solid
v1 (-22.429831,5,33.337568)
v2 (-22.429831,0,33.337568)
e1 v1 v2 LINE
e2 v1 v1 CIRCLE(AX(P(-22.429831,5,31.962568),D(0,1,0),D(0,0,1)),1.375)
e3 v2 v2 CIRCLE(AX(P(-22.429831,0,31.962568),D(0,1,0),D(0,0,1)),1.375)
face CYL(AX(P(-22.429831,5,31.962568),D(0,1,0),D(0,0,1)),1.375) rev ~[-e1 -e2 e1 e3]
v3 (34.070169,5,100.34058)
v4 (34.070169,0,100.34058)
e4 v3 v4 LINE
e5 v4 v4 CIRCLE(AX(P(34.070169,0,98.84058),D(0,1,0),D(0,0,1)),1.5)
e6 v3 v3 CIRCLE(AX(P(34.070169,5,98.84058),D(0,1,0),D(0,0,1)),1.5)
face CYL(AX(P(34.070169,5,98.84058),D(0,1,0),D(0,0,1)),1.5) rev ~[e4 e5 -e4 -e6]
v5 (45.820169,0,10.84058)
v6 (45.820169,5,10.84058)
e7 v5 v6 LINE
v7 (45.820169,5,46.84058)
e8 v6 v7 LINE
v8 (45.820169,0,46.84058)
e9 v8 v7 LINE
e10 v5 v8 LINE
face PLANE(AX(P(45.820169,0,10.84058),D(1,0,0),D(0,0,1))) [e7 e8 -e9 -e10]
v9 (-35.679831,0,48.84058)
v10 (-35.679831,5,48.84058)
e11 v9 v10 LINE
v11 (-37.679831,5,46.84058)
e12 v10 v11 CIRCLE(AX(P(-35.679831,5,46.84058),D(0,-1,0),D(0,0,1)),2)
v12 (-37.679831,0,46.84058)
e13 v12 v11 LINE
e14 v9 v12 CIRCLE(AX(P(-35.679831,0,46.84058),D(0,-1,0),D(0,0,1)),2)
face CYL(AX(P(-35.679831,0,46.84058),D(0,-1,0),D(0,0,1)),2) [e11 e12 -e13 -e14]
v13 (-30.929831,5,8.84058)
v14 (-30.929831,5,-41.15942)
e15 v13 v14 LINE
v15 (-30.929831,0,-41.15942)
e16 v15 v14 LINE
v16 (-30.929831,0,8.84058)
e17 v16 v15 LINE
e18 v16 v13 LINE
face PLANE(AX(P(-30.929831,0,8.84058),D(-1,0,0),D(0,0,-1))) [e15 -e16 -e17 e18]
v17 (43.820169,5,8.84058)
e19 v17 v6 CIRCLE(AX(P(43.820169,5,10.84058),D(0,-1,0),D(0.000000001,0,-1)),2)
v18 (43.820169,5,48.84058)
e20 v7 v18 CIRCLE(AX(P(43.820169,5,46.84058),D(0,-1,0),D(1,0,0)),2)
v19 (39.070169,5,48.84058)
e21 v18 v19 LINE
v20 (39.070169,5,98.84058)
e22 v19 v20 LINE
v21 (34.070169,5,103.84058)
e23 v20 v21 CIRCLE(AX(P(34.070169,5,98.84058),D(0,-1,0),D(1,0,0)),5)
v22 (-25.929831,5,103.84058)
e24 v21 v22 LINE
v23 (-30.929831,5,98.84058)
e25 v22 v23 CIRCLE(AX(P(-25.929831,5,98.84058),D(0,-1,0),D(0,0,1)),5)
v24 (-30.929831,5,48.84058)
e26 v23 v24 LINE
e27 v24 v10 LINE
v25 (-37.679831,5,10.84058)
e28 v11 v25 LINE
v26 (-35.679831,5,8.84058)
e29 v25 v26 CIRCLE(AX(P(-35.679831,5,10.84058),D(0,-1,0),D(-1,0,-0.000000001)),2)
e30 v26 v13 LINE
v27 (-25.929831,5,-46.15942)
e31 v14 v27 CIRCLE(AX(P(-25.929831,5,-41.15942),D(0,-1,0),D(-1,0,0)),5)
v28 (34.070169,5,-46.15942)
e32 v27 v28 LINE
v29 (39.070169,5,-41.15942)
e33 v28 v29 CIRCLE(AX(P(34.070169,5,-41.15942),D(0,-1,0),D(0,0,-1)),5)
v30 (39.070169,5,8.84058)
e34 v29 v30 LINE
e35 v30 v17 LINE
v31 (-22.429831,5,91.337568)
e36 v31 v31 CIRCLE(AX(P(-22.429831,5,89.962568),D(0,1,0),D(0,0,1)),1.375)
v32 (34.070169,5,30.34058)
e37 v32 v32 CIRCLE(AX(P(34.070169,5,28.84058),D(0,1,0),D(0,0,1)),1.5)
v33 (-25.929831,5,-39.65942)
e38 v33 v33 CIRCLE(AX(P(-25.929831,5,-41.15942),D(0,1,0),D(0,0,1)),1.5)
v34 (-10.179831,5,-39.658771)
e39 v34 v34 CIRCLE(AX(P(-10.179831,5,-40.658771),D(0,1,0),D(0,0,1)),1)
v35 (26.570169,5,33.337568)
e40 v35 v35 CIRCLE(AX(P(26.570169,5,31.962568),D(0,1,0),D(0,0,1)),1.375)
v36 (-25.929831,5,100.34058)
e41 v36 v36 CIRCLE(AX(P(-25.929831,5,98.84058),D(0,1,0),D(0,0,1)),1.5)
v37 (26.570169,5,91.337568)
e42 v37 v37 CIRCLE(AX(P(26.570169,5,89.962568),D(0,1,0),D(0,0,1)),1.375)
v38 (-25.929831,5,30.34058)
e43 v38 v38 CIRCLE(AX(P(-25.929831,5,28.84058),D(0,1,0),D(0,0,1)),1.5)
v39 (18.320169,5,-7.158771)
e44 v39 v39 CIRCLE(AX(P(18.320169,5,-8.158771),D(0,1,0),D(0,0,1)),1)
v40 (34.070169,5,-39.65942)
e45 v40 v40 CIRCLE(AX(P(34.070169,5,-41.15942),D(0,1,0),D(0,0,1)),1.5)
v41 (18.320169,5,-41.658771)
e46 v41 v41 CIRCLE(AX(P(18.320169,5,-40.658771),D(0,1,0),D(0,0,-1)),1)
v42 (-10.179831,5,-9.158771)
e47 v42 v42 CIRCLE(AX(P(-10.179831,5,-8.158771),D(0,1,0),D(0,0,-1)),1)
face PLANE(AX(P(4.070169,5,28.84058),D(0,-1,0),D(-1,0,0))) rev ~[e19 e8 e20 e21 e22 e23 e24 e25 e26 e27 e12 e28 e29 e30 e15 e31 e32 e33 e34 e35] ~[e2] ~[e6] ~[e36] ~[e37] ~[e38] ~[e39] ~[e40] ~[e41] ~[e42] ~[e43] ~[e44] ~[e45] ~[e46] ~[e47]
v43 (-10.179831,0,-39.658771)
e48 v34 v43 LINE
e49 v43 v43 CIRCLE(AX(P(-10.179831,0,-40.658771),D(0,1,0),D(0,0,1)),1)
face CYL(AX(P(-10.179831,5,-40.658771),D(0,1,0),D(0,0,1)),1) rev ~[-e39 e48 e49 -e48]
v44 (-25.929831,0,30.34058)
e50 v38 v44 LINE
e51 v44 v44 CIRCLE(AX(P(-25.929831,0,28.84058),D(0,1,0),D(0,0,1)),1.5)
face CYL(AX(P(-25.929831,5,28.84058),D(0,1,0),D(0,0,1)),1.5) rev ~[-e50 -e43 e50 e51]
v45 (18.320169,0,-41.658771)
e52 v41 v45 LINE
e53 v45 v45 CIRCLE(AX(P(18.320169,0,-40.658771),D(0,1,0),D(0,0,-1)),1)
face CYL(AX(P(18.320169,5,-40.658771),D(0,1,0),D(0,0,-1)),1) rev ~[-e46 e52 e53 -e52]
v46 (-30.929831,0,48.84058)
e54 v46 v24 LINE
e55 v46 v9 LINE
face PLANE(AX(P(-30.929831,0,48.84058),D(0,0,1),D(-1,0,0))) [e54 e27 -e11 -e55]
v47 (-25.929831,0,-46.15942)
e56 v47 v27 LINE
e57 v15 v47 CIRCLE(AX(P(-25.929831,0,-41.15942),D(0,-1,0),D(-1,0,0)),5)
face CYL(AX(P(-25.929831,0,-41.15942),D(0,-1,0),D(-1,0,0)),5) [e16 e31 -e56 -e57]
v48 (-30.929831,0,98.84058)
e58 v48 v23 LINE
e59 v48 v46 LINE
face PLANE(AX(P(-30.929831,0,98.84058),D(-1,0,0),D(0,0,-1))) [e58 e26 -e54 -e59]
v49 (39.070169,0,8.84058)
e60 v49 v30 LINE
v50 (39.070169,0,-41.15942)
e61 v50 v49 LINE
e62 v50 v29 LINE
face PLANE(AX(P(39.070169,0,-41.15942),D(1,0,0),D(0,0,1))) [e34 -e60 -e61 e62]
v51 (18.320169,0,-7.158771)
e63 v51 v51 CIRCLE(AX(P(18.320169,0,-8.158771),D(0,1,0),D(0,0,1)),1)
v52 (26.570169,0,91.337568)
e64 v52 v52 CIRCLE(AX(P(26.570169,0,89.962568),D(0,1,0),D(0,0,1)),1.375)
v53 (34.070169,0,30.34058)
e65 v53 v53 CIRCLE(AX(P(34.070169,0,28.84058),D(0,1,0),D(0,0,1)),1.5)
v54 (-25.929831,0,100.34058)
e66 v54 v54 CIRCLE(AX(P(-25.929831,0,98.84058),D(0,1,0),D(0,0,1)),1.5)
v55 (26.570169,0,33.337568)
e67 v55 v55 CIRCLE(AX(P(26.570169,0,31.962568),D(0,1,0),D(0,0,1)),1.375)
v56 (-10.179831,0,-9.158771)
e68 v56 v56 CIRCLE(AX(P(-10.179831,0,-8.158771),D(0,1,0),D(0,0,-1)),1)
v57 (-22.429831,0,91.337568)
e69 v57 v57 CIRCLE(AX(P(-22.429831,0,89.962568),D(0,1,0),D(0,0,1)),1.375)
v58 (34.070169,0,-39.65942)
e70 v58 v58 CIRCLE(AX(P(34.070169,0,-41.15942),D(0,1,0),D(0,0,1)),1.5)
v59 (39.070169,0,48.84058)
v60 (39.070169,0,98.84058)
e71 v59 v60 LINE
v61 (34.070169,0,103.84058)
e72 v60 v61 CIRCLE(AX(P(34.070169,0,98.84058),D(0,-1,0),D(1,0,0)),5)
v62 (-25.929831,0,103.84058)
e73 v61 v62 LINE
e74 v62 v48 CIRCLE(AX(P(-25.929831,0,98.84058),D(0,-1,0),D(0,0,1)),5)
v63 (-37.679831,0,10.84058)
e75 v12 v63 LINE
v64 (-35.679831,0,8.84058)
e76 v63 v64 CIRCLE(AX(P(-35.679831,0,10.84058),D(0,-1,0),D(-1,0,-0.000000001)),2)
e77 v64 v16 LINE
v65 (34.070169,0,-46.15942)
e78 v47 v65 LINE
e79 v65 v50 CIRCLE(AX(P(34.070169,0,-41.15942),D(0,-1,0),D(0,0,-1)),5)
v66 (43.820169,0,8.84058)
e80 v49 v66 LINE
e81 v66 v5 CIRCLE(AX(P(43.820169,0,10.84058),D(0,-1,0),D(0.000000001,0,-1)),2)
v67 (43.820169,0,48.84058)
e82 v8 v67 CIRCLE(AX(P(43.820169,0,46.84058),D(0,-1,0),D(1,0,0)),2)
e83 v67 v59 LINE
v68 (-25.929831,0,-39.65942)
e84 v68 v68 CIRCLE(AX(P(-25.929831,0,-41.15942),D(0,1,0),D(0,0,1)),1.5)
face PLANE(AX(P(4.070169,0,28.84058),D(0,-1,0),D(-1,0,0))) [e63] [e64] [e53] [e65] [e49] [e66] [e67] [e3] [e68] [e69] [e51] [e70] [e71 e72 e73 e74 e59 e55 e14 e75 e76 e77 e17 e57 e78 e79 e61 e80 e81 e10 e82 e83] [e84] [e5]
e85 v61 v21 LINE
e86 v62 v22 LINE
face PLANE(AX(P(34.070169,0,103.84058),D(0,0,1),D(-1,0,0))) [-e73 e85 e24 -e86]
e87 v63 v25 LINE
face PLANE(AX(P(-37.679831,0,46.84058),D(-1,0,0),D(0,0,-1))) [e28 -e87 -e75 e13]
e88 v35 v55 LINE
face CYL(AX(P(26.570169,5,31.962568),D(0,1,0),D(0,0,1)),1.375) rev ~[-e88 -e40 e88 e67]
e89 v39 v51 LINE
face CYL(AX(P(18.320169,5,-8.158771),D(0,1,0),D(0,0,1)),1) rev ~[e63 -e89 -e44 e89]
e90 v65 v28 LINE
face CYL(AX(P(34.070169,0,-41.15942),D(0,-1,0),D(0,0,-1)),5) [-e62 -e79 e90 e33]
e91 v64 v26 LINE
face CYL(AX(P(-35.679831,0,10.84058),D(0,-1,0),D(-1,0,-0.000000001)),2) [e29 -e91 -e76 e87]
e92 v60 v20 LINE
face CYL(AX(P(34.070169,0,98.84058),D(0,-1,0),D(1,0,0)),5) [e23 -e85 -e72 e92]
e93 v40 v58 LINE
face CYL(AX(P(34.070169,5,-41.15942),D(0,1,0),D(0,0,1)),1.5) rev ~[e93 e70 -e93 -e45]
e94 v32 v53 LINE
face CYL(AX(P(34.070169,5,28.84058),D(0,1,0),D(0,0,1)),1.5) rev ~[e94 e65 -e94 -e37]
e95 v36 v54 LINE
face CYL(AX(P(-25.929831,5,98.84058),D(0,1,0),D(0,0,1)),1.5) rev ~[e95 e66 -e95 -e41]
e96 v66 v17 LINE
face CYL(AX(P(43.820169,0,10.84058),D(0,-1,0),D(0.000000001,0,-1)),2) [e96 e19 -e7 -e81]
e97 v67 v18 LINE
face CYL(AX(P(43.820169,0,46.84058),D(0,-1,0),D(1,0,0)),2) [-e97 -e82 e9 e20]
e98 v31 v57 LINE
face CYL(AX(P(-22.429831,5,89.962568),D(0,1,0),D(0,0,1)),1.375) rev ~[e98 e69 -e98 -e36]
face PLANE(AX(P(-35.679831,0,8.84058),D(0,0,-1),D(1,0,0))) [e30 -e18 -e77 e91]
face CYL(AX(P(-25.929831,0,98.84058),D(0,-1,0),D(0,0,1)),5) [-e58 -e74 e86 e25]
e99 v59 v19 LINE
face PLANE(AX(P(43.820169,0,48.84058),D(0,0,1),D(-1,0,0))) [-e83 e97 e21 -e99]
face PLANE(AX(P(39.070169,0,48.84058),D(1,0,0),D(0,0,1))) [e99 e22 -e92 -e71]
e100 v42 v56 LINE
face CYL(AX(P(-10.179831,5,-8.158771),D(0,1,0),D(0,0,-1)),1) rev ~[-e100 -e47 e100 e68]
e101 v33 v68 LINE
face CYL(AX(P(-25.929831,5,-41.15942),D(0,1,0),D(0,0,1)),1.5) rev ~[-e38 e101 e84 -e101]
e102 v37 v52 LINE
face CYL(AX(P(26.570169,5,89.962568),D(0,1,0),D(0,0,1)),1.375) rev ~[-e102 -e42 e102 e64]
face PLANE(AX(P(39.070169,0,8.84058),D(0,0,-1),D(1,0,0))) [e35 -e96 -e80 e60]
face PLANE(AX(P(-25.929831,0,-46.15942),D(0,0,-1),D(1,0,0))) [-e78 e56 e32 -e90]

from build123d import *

# Parameters (mm, degrees)
EXTRUDE_1_DEPTH     = 5
SKETCH_3_R          = 1.5
SKETCH_3_R_2        = 1.375
SKETCH_3_R_3        = 1
CUT_EXTRUDE_1_DEPTH = 114.61053585


with BuildPart() as part:
    # 草图1 → 凸台-拉伸1 (new body)
    with BuildSketch(Plane(origin=(0, 0, 0), x_dir=(1, 0, 0), z_dir=(0, 1, 0))):
        with BuildLine():
            Line((-25.929831279, 46.15942029), (34.070168721, 46.15942029))
            ThreePointArc((34.070168721, 46.15942029), (37.605702627, 44.694954196), (39.070168721, 41.15942029))
            Line((39.070168721, 41.15942029), (39.070168721, -8.84057971))
            Line((39.070168721, -8.84057971), (43.820168721, -8.84057971))
            ThreePointArc((43.820168721, -8.84057971), (45.234382283, -9.426366148), (45.820168721, -10.84057971))
            Line((45.820168721, -10.84057971), (45.820168721, -46.84057971))
            ThreePointArc((45.820168721, -46.84057971), (45.234382283, -48.254793273), (43.820168721, -48.84057971))
            Line((43.820168721, -48.84057971), (39.070168721, -48.84057971))
            Line((39.070168721, -48.84057971), (39.070168721, -98.84057971))
            ThreePointArc((39.070168721, -98.84057971), (37.605702627, -102.376113616), (34.070168721, -103.84057971))
            Line((34.070168721, -103.84057971), (-25.929831279, -103.84057971))
            ThreePointArc((-25.929831279, -103.84057971), (-29.465365185, -102.376113616), (-30.929831279, -98.84057971))
            Line((-30.929831279, -98.84057971), (-30.929831279, -48.84057971))
            Line((-30.929831279, -48.84057971), (-35.679831279, -48.84057971))
            ThreePointArc((-35.679831279, -48.84057971), (-37.094044841, -48.254793273), (-37.679831279, -46.84057971))
            Line((-37.679831279, -46.84057971), (-37.679831279, -10.84057971))
            ThreePointArc((-37.679831279, -10.84057971), (-37.094044841, -9.426366148), (-35.679831279, -8.84057971))
            Line((-35.679831279, -8.84057971), (-30.929831279, -8.84057971))
            Line((-30.929831279, -8.84057971), (-30.929831279, 41.15942029))
            ThreePointArc((-30.929831279, 41.15942029), (-29.465365185, 44.694954196), (-25.929831279, 46.15942029))
        make_face()
    extrude(amount=EXTRUDE_1_DEPTH)

    # 草图3 → 切除-拉伸1 (cut, through all)
    with BuildSketch(Plane(origin=(0, 5, 0), x_dir=(1, 0, 0), z_dir=(0, 1, 0))):
        with Locations(Location((34.070168721, 41.15942029, 0), (0, 0, 270))):
            Circle(SKETCH_3_R)
        with Locations(Location((-25.929831279, 41.15942029, 0), (0, 0, 270))):
            Circle(SKETCH_3_R)
        with Locations(Location((-25.929831279, -98.84057971, 0), (0, 0, 270))):
            Circle(SKETCH_3_R)
        with Locations(Location((34.070168721, -98.84057971, 0), (0, 0, 270))):
            Circle(SKETCH_3_R)
        with Locations(Location((34.070168721, -28.84057971, 0), (0, 0, 270))):
            Circle(SKETCH_3_R)
        with Locations(Location((-25.929831279, -28.84057971, 0), (0, 0, 270))):
            Circle(SKETCH_3_R)
        with Locations(Location((26.570168721, -31.962567588, 0), (0, 0, 270))):
            Circle(SKETCH_3_R_2)
        with Locations(Location((-22.429831279, -31.962567588, 0), (0, 0, 270))):
            Circle(SKETCH_3_R_2)
        with Locations(Location((26.570168721, -89.962567588, 0), (0, 0, 270))):
            Circle(SKETCH_3_R_2)
        with Locations(Location((-22.429831279, -89.962567588, 0), (0, 0, 270))):
            Circle(SKETCH_3_R_2)
        with Locations(Location((-10.179831279, 40.658771251, 0), (0, 0, 270))):
            Circle(SKETCH_3_R_3)
        with Locations(Location((18.320168721, 40.658771251, 0), (0, 0, 90))):
            Circle(SKETCH_3_R_3)
        with Locations(Location((-10.179831279, 8.158771251, 0), (0, 0, 90))):
            Circle(SKETCH_3_R_3)
        with Locations(Location((18.320168721, 8.158771251, 0), (0, 0, 270))):
            Circle(SKETCH_3_R_3)
    extrude(amount=-CUT_EXTRUDE_1_DEPTH, mode=Mode.SUBTRACT)


solid = part.part
